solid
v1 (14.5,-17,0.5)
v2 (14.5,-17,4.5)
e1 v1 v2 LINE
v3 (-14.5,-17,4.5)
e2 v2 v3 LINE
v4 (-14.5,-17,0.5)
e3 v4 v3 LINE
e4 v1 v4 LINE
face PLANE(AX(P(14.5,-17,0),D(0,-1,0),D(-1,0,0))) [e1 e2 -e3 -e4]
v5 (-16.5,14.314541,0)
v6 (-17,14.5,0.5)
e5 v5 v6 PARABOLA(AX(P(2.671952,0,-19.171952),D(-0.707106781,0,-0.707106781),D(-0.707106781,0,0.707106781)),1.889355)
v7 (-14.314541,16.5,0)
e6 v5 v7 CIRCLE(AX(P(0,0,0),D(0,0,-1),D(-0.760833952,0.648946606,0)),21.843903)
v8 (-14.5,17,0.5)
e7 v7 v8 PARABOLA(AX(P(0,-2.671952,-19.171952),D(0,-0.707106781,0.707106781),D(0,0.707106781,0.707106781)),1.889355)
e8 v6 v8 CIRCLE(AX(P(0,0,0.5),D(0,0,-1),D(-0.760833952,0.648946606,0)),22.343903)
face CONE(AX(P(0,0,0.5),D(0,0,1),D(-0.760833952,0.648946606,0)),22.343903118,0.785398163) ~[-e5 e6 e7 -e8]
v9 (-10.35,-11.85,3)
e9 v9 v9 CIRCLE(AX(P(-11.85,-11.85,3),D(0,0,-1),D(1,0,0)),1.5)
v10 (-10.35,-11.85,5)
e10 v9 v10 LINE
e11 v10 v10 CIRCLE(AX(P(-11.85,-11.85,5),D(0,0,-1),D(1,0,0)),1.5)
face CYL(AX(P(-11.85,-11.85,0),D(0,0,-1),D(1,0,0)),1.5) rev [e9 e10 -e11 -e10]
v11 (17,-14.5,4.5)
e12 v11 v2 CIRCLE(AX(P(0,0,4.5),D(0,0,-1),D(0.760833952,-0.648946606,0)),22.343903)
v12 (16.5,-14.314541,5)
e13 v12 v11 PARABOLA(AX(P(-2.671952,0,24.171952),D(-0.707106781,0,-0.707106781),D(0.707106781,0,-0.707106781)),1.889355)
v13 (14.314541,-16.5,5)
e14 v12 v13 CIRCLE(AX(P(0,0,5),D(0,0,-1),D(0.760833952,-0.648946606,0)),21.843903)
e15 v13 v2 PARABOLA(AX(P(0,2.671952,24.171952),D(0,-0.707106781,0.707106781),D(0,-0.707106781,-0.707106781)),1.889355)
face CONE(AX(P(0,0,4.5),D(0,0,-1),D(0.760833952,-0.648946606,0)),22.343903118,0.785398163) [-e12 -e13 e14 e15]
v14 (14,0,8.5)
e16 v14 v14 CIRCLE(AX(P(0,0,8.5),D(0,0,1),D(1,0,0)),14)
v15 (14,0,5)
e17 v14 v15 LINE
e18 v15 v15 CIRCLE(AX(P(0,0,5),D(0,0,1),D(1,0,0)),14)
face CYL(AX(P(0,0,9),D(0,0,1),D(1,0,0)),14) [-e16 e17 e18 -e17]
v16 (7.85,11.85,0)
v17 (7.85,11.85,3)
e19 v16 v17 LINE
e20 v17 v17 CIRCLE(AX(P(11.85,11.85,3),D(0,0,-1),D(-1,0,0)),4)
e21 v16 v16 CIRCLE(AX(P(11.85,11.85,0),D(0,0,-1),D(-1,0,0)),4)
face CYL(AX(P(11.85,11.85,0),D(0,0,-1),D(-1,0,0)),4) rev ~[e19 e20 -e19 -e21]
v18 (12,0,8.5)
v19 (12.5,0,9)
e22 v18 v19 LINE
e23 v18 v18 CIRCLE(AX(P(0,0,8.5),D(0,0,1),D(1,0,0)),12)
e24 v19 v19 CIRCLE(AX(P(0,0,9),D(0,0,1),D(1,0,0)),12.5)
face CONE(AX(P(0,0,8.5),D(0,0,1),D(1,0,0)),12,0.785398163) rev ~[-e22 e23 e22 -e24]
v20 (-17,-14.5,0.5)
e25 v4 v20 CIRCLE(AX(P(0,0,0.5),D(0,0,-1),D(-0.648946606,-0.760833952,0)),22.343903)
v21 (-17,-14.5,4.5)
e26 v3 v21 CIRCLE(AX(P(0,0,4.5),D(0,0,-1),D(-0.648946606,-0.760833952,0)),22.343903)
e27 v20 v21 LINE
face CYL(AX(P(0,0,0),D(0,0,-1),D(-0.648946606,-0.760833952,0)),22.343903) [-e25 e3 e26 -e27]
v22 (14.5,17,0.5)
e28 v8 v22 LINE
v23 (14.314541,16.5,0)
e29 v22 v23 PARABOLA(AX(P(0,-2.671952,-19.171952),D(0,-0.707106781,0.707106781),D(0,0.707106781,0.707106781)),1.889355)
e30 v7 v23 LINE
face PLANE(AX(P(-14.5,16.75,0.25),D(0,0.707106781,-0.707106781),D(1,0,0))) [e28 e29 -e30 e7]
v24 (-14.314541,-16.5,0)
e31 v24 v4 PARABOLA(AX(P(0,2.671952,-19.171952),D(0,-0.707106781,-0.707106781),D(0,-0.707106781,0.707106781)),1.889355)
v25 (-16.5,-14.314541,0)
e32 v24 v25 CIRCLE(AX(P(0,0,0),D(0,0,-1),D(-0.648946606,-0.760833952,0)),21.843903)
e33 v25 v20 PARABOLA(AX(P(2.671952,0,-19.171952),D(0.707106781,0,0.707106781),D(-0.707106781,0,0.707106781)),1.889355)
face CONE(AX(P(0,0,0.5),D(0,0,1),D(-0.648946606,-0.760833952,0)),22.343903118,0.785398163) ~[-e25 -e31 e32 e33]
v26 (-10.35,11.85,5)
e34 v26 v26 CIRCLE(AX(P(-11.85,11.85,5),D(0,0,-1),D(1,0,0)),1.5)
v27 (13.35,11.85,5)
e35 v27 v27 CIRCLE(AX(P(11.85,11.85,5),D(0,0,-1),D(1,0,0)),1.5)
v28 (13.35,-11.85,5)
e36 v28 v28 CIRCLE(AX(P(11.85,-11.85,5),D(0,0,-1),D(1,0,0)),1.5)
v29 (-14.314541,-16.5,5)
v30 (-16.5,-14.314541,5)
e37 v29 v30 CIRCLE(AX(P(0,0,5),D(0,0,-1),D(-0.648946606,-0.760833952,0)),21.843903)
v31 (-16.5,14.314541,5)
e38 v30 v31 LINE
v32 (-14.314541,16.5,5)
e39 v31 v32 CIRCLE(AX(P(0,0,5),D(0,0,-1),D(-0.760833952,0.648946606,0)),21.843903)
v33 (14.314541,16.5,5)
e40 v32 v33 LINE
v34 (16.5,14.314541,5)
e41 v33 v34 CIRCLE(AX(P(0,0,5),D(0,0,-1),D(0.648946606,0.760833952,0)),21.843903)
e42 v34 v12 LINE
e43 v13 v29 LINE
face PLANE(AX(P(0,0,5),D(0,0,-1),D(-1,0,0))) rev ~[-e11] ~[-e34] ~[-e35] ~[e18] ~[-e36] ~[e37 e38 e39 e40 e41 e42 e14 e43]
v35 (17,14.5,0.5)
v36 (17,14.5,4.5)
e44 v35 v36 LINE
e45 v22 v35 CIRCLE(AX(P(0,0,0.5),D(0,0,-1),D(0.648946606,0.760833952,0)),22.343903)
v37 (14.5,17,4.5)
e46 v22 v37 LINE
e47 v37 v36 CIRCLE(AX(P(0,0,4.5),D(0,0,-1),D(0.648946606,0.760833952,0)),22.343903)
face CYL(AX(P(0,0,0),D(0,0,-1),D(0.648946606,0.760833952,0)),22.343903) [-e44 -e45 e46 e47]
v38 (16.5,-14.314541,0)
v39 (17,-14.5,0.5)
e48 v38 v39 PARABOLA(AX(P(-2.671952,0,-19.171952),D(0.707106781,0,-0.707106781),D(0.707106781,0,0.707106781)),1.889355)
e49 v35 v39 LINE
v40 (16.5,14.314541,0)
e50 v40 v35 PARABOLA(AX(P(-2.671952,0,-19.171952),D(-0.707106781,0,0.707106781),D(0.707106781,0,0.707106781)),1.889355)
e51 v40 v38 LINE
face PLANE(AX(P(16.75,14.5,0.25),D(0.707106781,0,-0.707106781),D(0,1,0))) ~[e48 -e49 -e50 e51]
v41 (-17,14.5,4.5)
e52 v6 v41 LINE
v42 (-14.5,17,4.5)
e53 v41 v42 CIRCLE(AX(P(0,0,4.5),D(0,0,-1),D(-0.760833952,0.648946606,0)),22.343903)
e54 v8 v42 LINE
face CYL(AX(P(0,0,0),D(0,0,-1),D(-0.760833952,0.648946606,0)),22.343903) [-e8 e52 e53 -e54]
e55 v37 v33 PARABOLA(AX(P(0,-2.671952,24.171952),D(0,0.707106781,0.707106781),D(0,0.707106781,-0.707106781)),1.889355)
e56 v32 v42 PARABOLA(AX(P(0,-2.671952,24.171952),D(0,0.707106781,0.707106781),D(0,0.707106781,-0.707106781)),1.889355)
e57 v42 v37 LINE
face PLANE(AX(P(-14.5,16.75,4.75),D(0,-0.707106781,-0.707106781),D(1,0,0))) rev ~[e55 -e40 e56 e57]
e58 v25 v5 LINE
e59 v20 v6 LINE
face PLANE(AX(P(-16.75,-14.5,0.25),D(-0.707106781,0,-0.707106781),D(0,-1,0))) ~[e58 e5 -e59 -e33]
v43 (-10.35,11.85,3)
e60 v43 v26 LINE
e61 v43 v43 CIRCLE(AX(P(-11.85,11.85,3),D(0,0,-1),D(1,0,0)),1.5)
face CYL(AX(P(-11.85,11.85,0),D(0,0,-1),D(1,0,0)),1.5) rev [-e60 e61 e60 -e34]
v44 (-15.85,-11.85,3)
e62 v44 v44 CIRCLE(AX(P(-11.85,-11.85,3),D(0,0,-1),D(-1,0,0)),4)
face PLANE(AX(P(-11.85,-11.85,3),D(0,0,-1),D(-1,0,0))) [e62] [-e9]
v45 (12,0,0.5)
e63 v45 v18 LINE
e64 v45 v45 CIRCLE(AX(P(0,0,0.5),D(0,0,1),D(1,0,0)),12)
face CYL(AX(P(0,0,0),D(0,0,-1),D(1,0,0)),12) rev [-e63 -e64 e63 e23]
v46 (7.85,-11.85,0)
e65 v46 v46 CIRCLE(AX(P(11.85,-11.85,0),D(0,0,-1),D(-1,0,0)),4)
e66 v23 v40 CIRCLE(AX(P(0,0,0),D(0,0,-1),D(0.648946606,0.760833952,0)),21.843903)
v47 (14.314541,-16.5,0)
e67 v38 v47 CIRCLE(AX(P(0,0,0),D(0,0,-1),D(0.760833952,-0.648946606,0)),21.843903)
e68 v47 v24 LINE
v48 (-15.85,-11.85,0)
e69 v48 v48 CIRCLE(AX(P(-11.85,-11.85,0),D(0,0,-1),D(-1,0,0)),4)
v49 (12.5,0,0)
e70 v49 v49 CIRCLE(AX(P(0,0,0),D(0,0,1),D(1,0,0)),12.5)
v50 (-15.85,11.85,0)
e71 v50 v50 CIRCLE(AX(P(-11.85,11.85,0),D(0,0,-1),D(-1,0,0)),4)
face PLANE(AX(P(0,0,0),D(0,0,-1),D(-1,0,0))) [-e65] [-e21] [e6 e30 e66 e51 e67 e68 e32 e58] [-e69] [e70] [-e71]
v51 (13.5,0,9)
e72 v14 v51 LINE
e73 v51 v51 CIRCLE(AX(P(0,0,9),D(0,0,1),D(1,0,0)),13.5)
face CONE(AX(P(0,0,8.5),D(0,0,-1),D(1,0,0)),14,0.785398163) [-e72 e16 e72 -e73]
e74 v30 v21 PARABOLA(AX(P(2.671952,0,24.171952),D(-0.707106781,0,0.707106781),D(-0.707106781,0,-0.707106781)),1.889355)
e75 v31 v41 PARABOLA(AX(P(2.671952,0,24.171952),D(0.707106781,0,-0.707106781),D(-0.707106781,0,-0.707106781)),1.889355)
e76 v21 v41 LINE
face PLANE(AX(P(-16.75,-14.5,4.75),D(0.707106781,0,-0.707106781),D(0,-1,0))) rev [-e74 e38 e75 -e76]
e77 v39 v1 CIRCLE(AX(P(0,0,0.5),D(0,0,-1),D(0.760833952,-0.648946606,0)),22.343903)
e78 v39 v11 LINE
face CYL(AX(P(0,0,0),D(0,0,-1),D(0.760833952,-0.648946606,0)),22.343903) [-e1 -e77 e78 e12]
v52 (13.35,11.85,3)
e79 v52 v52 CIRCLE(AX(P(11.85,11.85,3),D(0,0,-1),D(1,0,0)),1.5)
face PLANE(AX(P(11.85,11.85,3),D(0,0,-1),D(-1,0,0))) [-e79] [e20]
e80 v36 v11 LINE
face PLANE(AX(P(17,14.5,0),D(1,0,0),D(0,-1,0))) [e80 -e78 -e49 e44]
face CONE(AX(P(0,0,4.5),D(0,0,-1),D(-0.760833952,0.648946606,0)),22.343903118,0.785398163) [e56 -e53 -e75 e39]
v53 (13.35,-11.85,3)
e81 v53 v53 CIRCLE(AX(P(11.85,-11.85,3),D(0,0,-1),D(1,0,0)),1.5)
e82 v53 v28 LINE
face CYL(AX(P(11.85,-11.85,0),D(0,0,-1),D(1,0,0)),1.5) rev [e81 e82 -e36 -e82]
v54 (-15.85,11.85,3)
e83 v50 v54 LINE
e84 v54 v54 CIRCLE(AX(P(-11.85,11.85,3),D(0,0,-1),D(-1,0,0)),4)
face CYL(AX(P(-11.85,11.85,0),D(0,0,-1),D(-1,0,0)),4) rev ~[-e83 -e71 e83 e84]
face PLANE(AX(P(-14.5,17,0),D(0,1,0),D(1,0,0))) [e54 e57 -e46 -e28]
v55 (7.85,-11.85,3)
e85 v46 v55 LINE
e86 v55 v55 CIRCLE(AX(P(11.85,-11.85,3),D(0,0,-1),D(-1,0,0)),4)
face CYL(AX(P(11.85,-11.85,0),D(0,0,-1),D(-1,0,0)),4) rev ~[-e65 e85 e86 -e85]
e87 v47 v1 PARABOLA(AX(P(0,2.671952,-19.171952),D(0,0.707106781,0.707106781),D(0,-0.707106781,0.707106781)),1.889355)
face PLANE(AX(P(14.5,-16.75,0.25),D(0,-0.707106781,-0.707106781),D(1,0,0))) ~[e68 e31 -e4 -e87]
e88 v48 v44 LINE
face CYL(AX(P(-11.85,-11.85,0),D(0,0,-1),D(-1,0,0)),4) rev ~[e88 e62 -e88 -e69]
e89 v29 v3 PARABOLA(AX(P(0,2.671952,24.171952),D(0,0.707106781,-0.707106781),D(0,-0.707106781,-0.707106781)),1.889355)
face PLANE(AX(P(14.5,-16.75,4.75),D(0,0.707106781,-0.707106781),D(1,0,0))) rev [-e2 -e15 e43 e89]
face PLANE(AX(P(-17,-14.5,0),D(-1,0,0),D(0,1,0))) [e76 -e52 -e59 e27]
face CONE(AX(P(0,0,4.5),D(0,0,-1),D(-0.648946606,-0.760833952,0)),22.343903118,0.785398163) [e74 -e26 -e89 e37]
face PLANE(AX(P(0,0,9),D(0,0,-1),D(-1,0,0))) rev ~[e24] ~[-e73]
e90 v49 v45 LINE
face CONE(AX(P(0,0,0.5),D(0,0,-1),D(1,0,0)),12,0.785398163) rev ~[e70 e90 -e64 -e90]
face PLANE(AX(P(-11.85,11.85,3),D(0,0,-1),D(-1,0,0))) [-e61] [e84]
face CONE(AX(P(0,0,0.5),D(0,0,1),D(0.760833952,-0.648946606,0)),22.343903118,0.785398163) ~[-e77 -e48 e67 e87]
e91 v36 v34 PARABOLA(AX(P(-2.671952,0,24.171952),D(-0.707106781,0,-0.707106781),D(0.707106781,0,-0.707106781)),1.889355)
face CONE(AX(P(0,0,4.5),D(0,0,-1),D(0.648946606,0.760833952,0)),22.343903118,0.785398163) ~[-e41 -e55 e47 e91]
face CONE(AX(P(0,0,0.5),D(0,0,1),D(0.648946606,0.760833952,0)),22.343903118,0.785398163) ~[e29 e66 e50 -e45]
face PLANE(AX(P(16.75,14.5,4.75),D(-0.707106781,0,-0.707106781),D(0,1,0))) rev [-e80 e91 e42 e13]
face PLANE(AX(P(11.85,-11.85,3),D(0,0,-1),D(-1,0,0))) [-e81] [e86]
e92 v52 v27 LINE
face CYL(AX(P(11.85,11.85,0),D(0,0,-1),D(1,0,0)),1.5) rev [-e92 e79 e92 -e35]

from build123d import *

# Parameters (mm, degrees)
SKETCH1_R           = 1.5
SKETCH1_R_2         = 12
BOSS_EXTRUDE1_DEPTH = 9
SKETCH2_R           = 14
CUT_EXTRUDE1_DEPTH  = 4
SKETCH3_R           = 4
CUT_EXTRUDE2_DEPTH  = 3
CHAMFER1_SIZE       = 0.5
CHAMFER2_SIZE       = 0.5


with BuildPart() as part:
    # Sketch1 → Boss-Extrude1 (new body)
    with BuildSketch(Plane.XY):
        with BuildLine():
            Line((-14.5, 17), (14.5, 17))
            ThreePointArc((14.5, 17), (15.799525309, 15.799525309), (17, 14.5))
            Line((17, 14.5), (17, -14.5))
            ThreePointArc((17, -14.5), (15.799525309, -15.799525309), (14.5, -17))
            Line((14.5, -17), (-14.5, -17))
            ThreePointArc((-14.5, -17), (-15.799525309, -15.799525309), (-17, -14.5))
            Line((-17, -14.5), (-17, 14.5))
            ThreePointArc((-17, 14.5), (-15.799525309, 15.799525309), (-14.5, 17))
        make_face()
        with Locations((-11.85, 11.85)):
            Circle(SKETCH1_R, mode=Mode.SUBTRACT)
        with Locations((11.85, 11.85)):
            Circle(SKETCH1_R, mode=Mode.SUBTRACT)
        with Locations((11.85, -11.85)):
            Circle(SKETCH1_R, mode=Mode.SUBTRACT)
        with Locations((-11.85, -11.85)):
            Circle(SKETCH1_R, mode=Mode.SUBTRACT)
        Circle(SKETCH1_R_2, mode=Mode.SUBTRACT)
    extrude(amount=BOSS_EXTRUDE1_DEPTH)

    # Sketch2 → Cut-Extrude1 (cut)
    with BuildSketch(Plane.XY.offset(9)):
        with BuildLine():
            Line((-14.5, 17), (14.5, 17))
            ThreePointArc((14.5, 17), (15.799525309, 15.799525309), (17, 14.5))
            Line((17, 14.5), (17, -14.5))
            ThreePointArc((17, -14.5), (15.799525309, -15.799525309), (14.5, -17))
            Line((14.5, -17), (-14.5, -17))
            ThreePointArc((-14.5, -17), (-15.799525309, -15.799525309), (-17, -14.5))
            Line((-17, -14.5), (-17, 14.5))
            ThreePointArc((-17, 14.5), (-15.799525309, 15.799525309), (-14.5, 17))
        make_face()
        Circle(SKETCH2_R, mode=Mode.SUBTRACT)
    extrude(amount=-CUT_EXTRUDE1_DEPTH, mode=Mode.SUBTRACT)

    # Sketch3 → Cut-Extrude2 (cut)
    with BuildSketch(Plane(origin=(0, 0, 0), x_dir=(-1, 0, 0), z_dir=(0, 0, -1))):
        with Locations((-11.85, 11.85)):
            Circle(SKETCH3_R)
        with Locations((11.85, 11.85)):
            Circle(SKETCH3_R)
        with Locations((11.85, -11.85)):
            Circle(SKETCH3_R)
        with Locations((-11.85, -11.85)):
            Circle(SKETCH3_R)
    extrude(amount=-CUT_EXTRUDE2_DEPTH, mode=Mode.SUBTRACT)

    # Chamfer1
    chamfer1_edges = [part.edges().sort_by_distance(p)[0] for p in [
        (-17, 0, 0),
        (-15.799525309, 15.799525309, 0),
        (-15.799525309, 15.799525309, 5),
        (0, 17, 5),
        (15.799525309, 15.799525309, 5),
        (17, 0, 5),
        (15.799525309, -15.799525309, 5),
        (0, -17, 5),
        (-15.799525309, -15.799525309, 5),
        (-17, 0, 5),
        (0, 17, 0),
        (15.799525309, 15.799525309, 0),
        (17, 0, 0),
        (15.799525309, -15.799525309, 0),
        (0, -17, 0),
        (-15.799525309, -15.799525309, 0),
    ]]
    chamfer(chamfer1_edges, length=CHAMFER1_SIZE)

    # Chamfer2
    chamfer2_edges = [part.edges().sort_by_distance(p)[0] for p in [
        (-12, 0, 0),
        (-12, 0, 9),
        (-14, 0, 9),
    ]]
    chamfer(chamfer2_edges, length=CHAMFER2_SIZE)


solid = part.part
